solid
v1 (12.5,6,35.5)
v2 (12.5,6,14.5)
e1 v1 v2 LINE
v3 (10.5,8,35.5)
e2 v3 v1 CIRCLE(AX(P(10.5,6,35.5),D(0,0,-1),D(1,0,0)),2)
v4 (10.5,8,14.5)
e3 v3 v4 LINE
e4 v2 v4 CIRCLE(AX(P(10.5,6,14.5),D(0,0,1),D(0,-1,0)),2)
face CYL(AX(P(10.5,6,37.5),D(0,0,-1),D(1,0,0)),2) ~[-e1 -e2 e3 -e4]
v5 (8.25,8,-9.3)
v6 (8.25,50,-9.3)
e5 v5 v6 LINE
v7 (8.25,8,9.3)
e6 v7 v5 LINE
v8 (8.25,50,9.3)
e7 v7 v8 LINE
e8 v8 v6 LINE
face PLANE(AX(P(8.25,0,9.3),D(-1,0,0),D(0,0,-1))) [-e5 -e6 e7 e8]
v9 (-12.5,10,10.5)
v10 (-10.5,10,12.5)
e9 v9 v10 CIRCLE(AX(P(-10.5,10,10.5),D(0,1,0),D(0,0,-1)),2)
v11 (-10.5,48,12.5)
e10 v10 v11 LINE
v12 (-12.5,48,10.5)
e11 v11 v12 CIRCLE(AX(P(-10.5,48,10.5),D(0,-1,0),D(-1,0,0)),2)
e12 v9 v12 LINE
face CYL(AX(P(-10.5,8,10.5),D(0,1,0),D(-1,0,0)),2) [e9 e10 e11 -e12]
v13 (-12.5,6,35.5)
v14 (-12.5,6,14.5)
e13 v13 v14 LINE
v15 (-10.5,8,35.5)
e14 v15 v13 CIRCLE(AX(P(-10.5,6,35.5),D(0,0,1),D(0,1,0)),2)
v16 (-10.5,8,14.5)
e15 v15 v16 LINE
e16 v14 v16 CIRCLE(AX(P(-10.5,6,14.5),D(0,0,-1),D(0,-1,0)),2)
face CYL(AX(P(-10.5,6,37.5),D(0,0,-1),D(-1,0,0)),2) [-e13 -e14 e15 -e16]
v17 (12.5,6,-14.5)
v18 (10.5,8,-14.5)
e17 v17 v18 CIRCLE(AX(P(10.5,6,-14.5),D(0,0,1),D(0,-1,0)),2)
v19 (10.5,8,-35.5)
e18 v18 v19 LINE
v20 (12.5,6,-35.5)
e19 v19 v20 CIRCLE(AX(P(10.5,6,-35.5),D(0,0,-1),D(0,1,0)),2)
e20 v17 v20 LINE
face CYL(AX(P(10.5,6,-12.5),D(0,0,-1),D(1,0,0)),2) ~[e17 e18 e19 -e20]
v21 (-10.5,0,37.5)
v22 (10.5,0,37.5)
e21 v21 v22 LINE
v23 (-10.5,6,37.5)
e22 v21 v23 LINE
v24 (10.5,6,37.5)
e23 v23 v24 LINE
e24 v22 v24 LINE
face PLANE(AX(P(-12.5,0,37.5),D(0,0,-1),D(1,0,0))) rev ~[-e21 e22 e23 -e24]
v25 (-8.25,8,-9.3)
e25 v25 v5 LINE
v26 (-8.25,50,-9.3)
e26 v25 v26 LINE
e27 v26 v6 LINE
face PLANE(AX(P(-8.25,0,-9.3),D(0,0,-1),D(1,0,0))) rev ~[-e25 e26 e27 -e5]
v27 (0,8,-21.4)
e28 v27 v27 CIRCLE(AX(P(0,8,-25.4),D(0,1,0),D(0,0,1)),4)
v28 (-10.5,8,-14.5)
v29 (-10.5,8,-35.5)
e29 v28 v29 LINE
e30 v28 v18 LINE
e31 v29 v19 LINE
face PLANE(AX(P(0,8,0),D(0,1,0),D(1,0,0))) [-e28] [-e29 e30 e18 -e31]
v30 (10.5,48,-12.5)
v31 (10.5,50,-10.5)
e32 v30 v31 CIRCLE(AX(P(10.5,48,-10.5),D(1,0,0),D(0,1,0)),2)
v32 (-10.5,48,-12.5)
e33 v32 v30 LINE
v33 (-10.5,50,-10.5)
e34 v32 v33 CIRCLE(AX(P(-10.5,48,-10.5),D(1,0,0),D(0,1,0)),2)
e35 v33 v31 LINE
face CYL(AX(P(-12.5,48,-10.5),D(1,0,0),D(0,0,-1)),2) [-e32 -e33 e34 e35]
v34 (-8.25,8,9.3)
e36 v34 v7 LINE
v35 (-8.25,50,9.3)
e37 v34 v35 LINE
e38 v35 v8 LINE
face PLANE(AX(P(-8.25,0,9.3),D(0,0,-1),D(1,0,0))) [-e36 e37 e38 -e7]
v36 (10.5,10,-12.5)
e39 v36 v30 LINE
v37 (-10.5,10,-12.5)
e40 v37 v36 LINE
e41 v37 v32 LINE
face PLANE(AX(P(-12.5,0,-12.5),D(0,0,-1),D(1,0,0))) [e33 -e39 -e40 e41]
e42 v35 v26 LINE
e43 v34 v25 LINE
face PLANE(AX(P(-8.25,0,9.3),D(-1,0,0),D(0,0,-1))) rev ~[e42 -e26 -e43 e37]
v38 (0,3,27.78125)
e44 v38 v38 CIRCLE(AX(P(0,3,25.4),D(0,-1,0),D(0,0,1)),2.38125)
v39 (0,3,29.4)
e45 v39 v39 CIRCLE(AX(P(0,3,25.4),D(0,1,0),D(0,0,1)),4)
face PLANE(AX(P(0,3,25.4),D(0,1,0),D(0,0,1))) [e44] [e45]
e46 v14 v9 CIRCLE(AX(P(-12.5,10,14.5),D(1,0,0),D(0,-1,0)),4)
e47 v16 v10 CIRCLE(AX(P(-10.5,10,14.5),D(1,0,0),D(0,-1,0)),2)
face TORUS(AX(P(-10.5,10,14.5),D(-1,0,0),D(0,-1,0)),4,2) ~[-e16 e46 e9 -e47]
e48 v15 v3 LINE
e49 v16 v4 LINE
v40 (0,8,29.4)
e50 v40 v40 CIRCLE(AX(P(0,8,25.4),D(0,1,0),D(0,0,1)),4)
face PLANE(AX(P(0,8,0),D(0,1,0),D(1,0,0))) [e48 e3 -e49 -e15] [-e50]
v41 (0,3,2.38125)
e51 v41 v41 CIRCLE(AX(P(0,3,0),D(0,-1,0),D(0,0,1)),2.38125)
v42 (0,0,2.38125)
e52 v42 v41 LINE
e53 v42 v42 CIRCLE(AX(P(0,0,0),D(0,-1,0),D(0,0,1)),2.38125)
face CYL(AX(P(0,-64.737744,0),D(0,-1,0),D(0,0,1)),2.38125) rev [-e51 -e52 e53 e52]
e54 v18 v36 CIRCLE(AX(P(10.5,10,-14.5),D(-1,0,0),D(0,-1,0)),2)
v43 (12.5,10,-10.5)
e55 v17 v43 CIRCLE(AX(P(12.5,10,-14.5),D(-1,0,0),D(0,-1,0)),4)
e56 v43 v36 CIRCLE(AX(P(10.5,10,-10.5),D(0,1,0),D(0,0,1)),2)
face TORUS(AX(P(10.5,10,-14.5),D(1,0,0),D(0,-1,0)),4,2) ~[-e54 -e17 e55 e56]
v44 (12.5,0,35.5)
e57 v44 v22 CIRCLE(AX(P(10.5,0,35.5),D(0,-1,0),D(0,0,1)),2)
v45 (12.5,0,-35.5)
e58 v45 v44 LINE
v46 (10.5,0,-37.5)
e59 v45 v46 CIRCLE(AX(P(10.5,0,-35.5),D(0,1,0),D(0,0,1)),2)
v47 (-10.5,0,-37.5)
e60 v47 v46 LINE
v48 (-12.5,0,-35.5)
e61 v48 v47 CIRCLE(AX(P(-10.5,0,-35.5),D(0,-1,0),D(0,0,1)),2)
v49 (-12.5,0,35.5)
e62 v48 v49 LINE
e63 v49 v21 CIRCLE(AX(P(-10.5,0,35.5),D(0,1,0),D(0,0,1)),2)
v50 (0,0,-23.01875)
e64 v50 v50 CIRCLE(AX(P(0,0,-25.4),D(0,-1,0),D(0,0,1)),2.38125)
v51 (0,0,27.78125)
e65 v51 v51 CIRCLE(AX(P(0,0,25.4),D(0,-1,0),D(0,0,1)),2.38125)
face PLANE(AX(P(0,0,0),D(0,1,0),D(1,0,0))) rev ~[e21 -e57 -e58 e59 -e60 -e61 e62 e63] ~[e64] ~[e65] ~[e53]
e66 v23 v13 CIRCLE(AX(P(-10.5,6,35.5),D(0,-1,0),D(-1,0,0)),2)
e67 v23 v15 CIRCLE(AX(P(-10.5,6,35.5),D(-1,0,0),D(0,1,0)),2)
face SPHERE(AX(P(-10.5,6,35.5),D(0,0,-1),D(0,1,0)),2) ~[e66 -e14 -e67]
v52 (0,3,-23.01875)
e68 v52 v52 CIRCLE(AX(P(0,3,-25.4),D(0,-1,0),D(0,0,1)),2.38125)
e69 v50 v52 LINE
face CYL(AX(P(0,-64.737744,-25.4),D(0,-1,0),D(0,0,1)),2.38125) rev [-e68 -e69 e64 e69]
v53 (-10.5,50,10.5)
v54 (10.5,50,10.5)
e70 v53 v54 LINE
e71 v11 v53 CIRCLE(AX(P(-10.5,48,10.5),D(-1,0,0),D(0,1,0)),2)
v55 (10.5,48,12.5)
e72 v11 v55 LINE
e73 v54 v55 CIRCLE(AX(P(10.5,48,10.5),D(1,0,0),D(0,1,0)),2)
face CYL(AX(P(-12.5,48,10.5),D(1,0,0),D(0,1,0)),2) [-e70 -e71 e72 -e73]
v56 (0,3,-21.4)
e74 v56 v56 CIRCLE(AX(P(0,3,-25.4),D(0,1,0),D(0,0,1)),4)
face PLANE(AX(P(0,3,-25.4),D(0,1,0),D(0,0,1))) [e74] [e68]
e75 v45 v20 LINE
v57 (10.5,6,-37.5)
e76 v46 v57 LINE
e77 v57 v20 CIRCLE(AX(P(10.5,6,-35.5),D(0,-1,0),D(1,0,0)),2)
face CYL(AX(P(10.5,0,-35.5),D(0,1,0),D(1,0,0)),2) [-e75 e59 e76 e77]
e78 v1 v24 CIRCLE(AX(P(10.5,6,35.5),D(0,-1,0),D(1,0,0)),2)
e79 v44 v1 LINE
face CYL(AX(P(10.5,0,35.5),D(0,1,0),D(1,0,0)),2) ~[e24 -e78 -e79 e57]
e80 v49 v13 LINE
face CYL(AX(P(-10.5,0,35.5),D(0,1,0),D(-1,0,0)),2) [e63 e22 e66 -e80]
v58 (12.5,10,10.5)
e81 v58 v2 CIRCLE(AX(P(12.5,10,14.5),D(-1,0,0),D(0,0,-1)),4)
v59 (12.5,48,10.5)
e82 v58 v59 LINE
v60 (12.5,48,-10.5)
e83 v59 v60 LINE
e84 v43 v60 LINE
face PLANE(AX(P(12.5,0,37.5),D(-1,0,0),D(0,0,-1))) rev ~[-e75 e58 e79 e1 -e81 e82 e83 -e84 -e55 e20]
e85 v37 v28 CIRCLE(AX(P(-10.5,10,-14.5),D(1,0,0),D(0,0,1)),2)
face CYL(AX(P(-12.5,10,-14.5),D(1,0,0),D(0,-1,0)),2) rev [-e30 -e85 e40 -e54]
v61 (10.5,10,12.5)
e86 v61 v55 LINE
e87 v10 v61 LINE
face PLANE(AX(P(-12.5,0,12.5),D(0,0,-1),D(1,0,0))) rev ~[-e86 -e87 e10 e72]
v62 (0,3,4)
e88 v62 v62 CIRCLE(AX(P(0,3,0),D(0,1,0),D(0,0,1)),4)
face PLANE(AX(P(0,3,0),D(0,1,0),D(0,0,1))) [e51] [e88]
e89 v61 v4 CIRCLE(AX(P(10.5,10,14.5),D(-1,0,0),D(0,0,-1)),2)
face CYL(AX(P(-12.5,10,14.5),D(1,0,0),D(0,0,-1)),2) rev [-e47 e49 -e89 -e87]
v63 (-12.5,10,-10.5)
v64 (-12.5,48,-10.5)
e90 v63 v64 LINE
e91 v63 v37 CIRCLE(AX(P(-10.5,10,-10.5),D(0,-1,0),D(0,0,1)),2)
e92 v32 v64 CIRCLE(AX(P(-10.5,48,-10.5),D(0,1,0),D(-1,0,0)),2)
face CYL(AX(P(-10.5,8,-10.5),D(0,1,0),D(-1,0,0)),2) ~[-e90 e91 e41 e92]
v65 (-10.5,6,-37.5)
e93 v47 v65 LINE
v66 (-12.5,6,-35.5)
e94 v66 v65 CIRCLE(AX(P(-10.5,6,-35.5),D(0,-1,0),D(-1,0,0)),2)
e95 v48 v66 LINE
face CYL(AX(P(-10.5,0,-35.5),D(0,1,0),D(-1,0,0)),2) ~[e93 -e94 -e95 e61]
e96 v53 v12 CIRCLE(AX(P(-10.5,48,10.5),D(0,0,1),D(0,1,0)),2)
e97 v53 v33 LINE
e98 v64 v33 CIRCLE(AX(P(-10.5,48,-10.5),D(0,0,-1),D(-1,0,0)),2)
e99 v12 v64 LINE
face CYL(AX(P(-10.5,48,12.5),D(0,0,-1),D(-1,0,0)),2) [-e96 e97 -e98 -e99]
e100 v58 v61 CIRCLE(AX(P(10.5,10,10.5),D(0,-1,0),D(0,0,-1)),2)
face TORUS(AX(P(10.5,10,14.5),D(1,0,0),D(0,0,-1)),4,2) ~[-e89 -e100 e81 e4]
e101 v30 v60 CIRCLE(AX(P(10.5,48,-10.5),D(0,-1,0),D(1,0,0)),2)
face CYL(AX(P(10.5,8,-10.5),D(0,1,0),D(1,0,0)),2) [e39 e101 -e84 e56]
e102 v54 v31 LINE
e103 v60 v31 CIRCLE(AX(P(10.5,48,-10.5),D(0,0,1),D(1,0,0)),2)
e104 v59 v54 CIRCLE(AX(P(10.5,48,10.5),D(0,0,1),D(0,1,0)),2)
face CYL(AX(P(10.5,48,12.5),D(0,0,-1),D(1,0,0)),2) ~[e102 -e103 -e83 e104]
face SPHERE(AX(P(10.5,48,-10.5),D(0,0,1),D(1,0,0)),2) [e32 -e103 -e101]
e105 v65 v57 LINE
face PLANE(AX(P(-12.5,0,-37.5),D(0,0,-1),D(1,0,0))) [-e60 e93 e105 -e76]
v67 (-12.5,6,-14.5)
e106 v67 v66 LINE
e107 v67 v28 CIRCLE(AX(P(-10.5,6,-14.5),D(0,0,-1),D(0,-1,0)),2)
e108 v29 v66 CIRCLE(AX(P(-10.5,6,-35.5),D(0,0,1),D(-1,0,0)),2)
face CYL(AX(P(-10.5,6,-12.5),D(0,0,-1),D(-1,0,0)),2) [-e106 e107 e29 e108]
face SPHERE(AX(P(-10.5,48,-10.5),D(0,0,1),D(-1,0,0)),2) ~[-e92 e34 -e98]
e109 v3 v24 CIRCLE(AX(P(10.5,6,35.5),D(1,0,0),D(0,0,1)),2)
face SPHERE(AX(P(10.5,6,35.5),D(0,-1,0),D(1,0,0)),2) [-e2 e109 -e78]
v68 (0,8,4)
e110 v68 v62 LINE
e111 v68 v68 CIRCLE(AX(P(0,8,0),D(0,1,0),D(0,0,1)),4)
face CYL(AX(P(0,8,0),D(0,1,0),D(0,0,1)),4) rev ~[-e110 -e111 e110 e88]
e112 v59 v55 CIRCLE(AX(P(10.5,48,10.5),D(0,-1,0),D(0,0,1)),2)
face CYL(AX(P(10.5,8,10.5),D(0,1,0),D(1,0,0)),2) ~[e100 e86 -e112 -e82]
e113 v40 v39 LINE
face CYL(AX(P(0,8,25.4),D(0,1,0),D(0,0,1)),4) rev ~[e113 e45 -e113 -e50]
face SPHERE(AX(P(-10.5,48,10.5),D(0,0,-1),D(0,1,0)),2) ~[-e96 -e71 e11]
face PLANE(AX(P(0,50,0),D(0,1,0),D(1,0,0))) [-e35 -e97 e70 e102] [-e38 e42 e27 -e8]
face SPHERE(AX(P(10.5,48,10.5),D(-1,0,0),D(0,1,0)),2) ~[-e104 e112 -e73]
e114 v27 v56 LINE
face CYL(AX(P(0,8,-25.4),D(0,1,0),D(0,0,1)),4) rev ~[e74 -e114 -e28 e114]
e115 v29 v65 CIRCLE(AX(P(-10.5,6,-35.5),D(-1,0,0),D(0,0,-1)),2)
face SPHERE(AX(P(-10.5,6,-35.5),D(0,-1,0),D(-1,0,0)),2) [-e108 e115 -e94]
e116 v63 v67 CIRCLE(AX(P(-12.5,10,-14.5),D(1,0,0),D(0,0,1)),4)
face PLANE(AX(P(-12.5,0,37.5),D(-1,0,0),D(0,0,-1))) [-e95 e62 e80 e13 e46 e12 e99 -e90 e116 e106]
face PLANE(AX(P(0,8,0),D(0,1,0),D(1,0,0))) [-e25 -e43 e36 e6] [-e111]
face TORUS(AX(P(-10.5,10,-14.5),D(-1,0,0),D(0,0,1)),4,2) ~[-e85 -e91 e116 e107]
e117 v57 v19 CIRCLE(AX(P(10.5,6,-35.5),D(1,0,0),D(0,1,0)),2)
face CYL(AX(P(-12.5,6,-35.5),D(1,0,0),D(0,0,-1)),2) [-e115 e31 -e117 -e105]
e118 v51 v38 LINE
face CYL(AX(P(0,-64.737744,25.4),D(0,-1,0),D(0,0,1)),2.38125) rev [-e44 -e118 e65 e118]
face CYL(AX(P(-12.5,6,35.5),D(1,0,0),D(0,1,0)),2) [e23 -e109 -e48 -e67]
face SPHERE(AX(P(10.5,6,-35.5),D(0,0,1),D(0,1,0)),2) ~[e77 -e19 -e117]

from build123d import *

# Parameters (mm, degrees)
SKETCH1_W               = 25
SKETCH1_H               = 25
SKETCH1_W_2             = 16.5
SKETCH1_H_2             = 18.6
BOSS_EXTRUDE1_DEPTH     = 50
SKETCH6_W               = 25
SKETCH6_H               = 75
BOSS_EXTRUDE3_DEPTH     = 8
FILLET2_R               = 2
SKETCH7_R               = 4
CUT_EXTRUDE1_DEPTH      = 5
CUT_EXTRUDE4_DEPTH      = 64.73774392
CUT_EXTRUDE4_DEPTH_BACK = 64.73774392
SKETCH8_R               = 2.38125


with BuildPart() as part:
    # Sketch1 → Boss-Extrude1 (new body)
    with BuildSketch(Plane(origin=(0, 0, 0), x_dir=(1, 0, 0), z_dir=(0, 1, 0))):
        Rectangle(SKETCH1_W, SKETCH1_H)
        Rectangle(SKETCH1_W_2, SKETCH1_H_2, mode=Mode.SUBTRACT)
    extrude(amount=BOSS_EXTRUDE1_DEPTH)

    # Sketch6 → Boss-Extrude3 (add)
    with BuildSketch(Plane(origin=(0, 0, 0), x_dir=(1, 0, 0), z_dir=(0, 1, 0))):
        Rectangle(SKETCH6_W, SKETCH6_H)
    extrude(amount=BOSS_EXTRUDE3_DEPTH)

    # Fillet2
    fillet2_edges = [part.edges().sort_by_distance(p)[0] for p in [
        (-12.5, 50, 0),
        (0, 50, 12.5),
        (12.5, 4, 37.5),
        (-12.5, 4, -37.5),
        (-12.5, 8, -25),
        (0, 8, -12.5),
        (12.5, 8, -25),
        (0, 8, -37.5),
        (12.5, 8, 25),
        (0, 8, 12.5),
        (-12.5, 8, 25),
        (0, 8, 37.5),
        (12.5, 4, -37.5),
        (-12.5, 4, 37.5),
        (12.5, 50, 0),
        (12.5, 29, 12.5),
        (-12.5, 29, 12.5),
        (-12.5, 29, -12.5),
        (12.5, 29, -12.5),
        (0, 50, -12.5),
    ]]
    fillet(fillet2_edges, radius=FILLET2_R)

    # Sketch7 → Cut-Extrude1 (cut)
    with BuildSketch(Plane(origin=(0, 8, 0), x_dir=(1, 0, 0), z_dir=(0, 1, 0))):
        with Locations(Location((0, 0, 0), (0, 0, 270))):
            Circle(SKETCH7_R)
        with Locations(Location((0, 25.4, 0), (0, 0, 270))):
            Circle(SKETCH7_R)
        with Locations(Location((0, -25.4, 0), (0, 0, 270))):
            Circle(SKETCH7_R)
    extrude(amount=-CUT_EXTRUDE1_DEPTH, mode=Mode.SUBTRACT)

    # Sketch8 → Cut-Extrude4 (cut, two sides: drawn at the far end of the back side and taken through both)
    with BuildSketch(Plane(origin=(0, 0, 0), x_dir=(1, 0, 0), z_dir=(0, 1, 0)).offset(-CUT_EXTRUDE4_DEPTH_BACK)):
        with Locations(Location((0, 0, 0), (0, 0, 270))):
            Circle(SKETCH8_R)
        with Locations(Location((0, 25.4, 0), (0, 0, 270))):
            Circle(SKETCH8_R)
        with Locations(Location((0, -25.4, 0), (0, 0, 270))):
            Circle(SKETCH8_R)
    extrude(amount=CUT_EXTRUDE4_DEPTH + CUT_EXTRUDE4_DEPTH_BACK, mode=Mode.SUBTRACT)


solid = part.part
